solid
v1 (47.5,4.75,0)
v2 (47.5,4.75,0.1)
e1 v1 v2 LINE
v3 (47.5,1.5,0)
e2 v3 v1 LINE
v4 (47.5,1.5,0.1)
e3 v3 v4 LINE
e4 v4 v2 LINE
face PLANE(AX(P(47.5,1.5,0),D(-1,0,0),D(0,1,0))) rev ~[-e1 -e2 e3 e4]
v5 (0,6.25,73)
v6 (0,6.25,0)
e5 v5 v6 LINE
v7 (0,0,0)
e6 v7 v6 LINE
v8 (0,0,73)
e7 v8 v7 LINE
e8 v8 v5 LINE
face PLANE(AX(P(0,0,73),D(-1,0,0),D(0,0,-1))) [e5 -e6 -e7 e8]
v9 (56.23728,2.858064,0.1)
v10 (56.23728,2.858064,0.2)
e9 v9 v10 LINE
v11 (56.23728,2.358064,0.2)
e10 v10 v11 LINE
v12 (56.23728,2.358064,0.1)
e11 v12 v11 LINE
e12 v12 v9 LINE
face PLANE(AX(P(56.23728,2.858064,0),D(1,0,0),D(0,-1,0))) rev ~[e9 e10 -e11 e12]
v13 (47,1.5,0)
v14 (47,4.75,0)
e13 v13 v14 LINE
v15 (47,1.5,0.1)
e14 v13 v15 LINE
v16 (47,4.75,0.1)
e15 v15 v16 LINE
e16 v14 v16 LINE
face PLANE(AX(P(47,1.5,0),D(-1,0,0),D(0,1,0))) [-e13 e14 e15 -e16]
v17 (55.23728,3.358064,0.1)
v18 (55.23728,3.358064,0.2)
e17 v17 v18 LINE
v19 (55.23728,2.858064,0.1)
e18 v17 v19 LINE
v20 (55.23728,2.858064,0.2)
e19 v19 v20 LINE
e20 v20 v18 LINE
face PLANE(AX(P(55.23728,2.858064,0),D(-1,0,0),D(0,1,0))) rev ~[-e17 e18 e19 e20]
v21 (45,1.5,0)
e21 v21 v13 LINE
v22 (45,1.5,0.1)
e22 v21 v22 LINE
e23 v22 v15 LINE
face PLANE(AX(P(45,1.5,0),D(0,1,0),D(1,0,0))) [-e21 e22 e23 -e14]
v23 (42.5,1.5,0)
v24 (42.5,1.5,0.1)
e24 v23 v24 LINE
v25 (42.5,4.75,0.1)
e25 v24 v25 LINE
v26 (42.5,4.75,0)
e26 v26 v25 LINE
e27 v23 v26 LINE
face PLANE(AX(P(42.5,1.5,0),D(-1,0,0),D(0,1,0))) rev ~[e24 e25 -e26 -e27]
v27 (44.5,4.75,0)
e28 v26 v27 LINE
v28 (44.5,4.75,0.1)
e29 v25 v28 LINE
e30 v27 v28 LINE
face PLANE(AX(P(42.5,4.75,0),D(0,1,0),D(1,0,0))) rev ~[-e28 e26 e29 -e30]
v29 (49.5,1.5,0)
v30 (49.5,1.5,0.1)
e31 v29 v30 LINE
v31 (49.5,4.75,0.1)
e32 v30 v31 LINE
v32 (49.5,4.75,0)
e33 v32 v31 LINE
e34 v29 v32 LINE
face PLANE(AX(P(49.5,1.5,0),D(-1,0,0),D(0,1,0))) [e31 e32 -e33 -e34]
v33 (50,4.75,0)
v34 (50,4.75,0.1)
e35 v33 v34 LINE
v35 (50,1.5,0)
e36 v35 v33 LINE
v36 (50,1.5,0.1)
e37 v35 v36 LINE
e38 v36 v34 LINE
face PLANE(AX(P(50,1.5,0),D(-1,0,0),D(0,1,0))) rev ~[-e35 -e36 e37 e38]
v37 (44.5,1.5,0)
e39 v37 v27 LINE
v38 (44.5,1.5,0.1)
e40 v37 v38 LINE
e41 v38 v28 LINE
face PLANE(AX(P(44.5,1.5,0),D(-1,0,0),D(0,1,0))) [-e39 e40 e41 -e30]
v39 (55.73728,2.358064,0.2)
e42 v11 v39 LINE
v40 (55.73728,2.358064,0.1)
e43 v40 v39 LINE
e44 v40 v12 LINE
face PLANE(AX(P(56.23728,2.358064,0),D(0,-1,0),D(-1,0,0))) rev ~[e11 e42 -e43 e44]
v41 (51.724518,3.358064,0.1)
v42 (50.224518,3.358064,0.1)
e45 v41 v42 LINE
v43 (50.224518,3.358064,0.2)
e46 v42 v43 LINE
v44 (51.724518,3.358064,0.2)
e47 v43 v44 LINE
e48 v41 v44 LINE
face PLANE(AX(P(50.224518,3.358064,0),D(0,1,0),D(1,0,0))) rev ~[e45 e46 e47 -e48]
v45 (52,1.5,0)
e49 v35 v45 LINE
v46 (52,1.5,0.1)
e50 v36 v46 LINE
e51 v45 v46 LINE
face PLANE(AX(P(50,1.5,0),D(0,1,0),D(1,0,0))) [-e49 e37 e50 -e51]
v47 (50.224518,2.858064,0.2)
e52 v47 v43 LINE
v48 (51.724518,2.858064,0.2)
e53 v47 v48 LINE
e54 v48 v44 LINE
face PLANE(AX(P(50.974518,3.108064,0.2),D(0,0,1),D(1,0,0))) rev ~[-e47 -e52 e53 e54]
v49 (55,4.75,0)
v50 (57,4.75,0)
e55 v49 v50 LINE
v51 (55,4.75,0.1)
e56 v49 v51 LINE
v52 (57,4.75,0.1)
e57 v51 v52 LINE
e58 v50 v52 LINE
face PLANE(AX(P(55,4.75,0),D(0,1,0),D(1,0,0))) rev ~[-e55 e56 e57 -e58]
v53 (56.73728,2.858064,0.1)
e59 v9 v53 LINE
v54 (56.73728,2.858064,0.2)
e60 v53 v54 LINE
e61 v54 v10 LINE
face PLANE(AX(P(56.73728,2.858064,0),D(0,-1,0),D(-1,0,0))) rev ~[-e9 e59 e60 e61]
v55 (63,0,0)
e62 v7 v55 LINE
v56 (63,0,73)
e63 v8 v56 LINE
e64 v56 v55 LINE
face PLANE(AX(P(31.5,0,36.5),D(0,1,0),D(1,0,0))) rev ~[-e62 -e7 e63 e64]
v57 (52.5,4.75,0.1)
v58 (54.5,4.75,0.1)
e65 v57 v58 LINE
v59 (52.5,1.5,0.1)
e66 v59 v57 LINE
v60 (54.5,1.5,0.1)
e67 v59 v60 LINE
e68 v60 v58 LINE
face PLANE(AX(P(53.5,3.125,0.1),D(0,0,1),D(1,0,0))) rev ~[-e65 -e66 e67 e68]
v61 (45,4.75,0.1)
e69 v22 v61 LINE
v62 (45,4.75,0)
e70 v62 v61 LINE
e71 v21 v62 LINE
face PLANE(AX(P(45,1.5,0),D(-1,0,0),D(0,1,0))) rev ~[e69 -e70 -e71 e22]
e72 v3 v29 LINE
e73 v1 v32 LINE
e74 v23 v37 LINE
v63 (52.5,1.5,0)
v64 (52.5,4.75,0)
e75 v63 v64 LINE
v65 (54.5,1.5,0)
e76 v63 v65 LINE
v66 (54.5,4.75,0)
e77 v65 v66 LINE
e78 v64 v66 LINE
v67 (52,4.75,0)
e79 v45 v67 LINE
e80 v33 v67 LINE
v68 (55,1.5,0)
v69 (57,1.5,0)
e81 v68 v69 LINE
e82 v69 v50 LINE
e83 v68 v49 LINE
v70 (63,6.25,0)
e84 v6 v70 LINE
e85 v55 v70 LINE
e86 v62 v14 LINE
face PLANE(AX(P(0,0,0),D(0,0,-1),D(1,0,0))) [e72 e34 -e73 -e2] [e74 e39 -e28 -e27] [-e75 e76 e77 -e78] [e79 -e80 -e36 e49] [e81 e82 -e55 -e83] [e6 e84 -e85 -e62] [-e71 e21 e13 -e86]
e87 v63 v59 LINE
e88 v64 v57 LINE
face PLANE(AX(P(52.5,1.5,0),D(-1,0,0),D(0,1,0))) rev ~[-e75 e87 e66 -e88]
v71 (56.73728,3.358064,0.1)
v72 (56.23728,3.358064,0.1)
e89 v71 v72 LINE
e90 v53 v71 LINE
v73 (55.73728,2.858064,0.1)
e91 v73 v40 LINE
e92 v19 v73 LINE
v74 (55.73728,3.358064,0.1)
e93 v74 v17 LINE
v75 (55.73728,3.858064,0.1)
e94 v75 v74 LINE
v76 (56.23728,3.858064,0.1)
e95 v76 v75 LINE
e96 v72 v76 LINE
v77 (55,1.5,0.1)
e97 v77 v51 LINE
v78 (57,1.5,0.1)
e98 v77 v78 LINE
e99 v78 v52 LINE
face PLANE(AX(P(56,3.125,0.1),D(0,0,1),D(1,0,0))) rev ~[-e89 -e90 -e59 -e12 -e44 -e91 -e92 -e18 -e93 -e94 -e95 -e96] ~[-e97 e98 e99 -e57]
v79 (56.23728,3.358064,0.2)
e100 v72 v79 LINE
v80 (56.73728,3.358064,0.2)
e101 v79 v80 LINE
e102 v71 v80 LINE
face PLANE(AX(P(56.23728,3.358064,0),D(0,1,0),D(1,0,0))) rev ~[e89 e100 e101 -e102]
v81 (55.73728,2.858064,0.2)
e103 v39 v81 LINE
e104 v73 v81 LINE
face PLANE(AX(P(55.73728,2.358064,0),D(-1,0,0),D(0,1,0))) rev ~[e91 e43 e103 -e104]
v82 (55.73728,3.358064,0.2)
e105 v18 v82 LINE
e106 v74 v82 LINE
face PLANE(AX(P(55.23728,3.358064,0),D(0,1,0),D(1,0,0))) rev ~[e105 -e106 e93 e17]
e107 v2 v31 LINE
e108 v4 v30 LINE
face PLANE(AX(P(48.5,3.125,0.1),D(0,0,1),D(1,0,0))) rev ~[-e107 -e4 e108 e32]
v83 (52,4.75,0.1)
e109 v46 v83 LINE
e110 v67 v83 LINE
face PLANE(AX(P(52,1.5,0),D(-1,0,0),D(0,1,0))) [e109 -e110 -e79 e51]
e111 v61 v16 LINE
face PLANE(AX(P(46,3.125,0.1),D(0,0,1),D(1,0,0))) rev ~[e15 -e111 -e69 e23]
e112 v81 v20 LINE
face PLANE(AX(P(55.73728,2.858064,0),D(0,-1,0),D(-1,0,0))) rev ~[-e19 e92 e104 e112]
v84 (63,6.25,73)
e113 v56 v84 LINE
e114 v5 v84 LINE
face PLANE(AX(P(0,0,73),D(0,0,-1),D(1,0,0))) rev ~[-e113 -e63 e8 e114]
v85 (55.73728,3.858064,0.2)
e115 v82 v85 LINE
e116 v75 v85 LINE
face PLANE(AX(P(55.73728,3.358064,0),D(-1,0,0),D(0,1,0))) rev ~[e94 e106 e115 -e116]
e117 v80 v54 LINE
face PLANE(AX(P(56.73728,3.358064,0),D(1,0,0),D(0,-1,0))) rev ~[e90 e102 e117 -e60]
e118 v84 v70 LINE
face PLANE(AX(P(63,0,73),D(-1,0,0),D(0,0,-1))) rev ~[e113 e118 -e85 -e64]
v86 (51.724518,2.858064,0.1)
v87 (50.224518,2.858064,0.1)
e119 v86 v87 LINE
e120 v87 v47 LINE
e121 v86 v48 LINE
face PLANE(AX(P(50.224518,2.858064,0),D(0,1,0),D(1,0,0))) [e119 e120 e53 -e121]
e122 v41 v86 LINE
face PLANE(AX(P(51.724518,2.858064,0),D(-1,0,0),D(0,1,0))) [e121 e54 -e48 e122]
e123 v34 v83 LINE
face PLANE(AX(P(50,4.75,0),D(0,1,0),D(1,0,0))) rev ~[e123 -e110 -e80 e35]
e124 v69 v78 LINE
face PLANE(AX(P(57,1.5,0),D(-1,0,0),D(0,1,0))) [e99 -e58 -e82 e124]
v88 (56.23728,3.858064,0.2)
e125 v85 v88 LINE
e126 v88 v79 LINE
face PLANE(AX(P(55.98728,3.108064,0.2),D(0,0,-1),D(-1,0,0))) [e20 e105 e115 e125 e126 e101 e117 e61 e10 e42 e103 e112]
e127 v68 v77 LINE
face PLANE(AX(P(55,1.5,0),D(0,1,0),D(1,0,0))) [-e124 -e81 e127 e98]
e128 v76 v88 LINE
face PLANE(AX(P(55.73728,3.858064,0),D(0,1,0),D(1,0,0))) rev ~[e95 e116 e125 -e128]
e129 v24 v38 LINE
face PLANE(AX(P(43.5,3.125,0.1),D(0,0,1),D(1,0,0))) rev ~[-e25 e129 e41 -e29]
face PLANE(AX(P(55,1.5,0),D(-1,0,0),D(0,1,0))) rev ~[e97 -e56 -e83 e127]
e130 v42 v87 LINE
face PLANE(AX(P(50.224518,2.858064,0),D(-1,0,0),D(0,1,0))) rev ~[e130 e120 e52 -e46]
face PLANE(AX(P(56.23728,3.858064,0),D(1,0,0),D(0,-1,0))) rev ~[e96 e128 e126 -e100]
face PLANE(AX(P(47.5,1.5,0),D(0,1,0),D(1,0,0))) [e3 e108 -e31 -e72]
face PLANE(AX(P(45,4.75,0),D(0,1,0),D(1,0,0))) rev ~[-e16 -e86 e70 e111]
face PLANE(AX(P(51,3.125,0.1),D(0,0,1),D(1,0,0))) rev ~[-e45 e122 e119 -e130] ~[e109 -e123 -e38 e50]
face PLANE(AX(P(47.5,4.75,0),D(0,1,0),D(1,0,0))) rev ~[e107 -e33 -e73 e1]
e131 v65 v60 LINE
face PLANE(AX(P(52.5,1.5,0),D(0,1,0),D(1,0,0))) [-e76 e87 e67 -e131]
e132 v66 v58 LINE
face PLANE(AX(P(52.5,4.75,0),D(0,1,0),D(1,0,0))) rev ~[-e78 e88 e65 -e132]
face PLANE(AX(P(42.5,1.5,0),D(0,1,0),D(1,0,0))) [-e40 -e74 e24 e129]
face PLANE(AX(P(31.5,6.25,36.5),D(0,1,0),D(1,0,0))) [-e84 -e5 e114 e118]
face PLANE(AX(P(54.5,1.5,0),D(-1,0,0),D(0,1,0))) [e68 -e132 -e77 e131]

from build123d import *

# Parameters (mm, degrees)
SKETCH1_W           = 63
SKETCH1_H           = 73
BOSS_EXTRUDE1_DEPTH = 6.25
SKETCH2_W           = 2
SKETCH2_H           = 3.25
CUT_EXTRUDE1_DEPTH  = 0.1
SKETCH3_W           = 1.5
SKETCH3_H           = 0.5
CUT_EXTRUDE2_DEPTH  = 0.2


with BuildPart() as part:
    # Sketch1 → Boss-Extrude1 (new body)
    with BuildSketch(Plane(origin=(0, 0, 0), x_dir=(1, 0, 0), z_dir=(0, 1, 0))):
        with Locations((31.5, -36.5)):
            Rectangle(SKETCH1_W, SKETCH1_H)
    extrude(amount=BOSS_EXTRUDE1_DEPTH)

    # Sketch2 → Cut-Extrude1 (cut)
    with BuildSketch(Plane.XY):
        with Locations((56, 3.125)):
            Rectangle(SKETCH2_W, SKETCH2_H)
        with Locations((53.5, 3.125)):
            Rectangle(SKETCH2_W, SKETCH2_H)
        with Locations((51, 3.125)):
            Rectangle(SKETCH2_W, SKETCH2_H)
        with Locations((48.5, 3.125)):
            Rectangle(SKETCH2_W, SKETCH2_H)
        with Locations((46, 3.125)):
            Rectangle(SKETCH2_W, SKETCH2_H)
        with Locations((43.5, 3.125)):
            Rectangle(SKETCH2_W, SKETCH2_H)
    extrude(amount=CUT_EXTRUDE1_DEPTH, mode=Mode.SUBTRACT)

    # Sketch3 → Cut-Extrude2 (cut)
    with BuildSketch(Plane.XY):
        Polygon((55.737279888, 2.358063924), (55.737279888, 2.858063924), (55.237279888, 2.858063924), (55.237279888, 3.358063924), (55.737279888, 3.358063924), (55.737279888, 3.858063924), (56.237279888, 3.858063924), (56.237279888, 3.358063924), (56.737279888, 3.358063924), (56.737279888, 2.858063924), (56.237279888, 2.858063924), (56.237279888, 2.358063924), align=None)
        with Locations((50.97451755, 3.108063924)):
            Rectangle(SKETCH3_W, SKETCH3_H)
    extrude(amount=CUT_EXTRUDE2_DEPTH, mode=Mode.SUBTRACT)


solid = part.part
